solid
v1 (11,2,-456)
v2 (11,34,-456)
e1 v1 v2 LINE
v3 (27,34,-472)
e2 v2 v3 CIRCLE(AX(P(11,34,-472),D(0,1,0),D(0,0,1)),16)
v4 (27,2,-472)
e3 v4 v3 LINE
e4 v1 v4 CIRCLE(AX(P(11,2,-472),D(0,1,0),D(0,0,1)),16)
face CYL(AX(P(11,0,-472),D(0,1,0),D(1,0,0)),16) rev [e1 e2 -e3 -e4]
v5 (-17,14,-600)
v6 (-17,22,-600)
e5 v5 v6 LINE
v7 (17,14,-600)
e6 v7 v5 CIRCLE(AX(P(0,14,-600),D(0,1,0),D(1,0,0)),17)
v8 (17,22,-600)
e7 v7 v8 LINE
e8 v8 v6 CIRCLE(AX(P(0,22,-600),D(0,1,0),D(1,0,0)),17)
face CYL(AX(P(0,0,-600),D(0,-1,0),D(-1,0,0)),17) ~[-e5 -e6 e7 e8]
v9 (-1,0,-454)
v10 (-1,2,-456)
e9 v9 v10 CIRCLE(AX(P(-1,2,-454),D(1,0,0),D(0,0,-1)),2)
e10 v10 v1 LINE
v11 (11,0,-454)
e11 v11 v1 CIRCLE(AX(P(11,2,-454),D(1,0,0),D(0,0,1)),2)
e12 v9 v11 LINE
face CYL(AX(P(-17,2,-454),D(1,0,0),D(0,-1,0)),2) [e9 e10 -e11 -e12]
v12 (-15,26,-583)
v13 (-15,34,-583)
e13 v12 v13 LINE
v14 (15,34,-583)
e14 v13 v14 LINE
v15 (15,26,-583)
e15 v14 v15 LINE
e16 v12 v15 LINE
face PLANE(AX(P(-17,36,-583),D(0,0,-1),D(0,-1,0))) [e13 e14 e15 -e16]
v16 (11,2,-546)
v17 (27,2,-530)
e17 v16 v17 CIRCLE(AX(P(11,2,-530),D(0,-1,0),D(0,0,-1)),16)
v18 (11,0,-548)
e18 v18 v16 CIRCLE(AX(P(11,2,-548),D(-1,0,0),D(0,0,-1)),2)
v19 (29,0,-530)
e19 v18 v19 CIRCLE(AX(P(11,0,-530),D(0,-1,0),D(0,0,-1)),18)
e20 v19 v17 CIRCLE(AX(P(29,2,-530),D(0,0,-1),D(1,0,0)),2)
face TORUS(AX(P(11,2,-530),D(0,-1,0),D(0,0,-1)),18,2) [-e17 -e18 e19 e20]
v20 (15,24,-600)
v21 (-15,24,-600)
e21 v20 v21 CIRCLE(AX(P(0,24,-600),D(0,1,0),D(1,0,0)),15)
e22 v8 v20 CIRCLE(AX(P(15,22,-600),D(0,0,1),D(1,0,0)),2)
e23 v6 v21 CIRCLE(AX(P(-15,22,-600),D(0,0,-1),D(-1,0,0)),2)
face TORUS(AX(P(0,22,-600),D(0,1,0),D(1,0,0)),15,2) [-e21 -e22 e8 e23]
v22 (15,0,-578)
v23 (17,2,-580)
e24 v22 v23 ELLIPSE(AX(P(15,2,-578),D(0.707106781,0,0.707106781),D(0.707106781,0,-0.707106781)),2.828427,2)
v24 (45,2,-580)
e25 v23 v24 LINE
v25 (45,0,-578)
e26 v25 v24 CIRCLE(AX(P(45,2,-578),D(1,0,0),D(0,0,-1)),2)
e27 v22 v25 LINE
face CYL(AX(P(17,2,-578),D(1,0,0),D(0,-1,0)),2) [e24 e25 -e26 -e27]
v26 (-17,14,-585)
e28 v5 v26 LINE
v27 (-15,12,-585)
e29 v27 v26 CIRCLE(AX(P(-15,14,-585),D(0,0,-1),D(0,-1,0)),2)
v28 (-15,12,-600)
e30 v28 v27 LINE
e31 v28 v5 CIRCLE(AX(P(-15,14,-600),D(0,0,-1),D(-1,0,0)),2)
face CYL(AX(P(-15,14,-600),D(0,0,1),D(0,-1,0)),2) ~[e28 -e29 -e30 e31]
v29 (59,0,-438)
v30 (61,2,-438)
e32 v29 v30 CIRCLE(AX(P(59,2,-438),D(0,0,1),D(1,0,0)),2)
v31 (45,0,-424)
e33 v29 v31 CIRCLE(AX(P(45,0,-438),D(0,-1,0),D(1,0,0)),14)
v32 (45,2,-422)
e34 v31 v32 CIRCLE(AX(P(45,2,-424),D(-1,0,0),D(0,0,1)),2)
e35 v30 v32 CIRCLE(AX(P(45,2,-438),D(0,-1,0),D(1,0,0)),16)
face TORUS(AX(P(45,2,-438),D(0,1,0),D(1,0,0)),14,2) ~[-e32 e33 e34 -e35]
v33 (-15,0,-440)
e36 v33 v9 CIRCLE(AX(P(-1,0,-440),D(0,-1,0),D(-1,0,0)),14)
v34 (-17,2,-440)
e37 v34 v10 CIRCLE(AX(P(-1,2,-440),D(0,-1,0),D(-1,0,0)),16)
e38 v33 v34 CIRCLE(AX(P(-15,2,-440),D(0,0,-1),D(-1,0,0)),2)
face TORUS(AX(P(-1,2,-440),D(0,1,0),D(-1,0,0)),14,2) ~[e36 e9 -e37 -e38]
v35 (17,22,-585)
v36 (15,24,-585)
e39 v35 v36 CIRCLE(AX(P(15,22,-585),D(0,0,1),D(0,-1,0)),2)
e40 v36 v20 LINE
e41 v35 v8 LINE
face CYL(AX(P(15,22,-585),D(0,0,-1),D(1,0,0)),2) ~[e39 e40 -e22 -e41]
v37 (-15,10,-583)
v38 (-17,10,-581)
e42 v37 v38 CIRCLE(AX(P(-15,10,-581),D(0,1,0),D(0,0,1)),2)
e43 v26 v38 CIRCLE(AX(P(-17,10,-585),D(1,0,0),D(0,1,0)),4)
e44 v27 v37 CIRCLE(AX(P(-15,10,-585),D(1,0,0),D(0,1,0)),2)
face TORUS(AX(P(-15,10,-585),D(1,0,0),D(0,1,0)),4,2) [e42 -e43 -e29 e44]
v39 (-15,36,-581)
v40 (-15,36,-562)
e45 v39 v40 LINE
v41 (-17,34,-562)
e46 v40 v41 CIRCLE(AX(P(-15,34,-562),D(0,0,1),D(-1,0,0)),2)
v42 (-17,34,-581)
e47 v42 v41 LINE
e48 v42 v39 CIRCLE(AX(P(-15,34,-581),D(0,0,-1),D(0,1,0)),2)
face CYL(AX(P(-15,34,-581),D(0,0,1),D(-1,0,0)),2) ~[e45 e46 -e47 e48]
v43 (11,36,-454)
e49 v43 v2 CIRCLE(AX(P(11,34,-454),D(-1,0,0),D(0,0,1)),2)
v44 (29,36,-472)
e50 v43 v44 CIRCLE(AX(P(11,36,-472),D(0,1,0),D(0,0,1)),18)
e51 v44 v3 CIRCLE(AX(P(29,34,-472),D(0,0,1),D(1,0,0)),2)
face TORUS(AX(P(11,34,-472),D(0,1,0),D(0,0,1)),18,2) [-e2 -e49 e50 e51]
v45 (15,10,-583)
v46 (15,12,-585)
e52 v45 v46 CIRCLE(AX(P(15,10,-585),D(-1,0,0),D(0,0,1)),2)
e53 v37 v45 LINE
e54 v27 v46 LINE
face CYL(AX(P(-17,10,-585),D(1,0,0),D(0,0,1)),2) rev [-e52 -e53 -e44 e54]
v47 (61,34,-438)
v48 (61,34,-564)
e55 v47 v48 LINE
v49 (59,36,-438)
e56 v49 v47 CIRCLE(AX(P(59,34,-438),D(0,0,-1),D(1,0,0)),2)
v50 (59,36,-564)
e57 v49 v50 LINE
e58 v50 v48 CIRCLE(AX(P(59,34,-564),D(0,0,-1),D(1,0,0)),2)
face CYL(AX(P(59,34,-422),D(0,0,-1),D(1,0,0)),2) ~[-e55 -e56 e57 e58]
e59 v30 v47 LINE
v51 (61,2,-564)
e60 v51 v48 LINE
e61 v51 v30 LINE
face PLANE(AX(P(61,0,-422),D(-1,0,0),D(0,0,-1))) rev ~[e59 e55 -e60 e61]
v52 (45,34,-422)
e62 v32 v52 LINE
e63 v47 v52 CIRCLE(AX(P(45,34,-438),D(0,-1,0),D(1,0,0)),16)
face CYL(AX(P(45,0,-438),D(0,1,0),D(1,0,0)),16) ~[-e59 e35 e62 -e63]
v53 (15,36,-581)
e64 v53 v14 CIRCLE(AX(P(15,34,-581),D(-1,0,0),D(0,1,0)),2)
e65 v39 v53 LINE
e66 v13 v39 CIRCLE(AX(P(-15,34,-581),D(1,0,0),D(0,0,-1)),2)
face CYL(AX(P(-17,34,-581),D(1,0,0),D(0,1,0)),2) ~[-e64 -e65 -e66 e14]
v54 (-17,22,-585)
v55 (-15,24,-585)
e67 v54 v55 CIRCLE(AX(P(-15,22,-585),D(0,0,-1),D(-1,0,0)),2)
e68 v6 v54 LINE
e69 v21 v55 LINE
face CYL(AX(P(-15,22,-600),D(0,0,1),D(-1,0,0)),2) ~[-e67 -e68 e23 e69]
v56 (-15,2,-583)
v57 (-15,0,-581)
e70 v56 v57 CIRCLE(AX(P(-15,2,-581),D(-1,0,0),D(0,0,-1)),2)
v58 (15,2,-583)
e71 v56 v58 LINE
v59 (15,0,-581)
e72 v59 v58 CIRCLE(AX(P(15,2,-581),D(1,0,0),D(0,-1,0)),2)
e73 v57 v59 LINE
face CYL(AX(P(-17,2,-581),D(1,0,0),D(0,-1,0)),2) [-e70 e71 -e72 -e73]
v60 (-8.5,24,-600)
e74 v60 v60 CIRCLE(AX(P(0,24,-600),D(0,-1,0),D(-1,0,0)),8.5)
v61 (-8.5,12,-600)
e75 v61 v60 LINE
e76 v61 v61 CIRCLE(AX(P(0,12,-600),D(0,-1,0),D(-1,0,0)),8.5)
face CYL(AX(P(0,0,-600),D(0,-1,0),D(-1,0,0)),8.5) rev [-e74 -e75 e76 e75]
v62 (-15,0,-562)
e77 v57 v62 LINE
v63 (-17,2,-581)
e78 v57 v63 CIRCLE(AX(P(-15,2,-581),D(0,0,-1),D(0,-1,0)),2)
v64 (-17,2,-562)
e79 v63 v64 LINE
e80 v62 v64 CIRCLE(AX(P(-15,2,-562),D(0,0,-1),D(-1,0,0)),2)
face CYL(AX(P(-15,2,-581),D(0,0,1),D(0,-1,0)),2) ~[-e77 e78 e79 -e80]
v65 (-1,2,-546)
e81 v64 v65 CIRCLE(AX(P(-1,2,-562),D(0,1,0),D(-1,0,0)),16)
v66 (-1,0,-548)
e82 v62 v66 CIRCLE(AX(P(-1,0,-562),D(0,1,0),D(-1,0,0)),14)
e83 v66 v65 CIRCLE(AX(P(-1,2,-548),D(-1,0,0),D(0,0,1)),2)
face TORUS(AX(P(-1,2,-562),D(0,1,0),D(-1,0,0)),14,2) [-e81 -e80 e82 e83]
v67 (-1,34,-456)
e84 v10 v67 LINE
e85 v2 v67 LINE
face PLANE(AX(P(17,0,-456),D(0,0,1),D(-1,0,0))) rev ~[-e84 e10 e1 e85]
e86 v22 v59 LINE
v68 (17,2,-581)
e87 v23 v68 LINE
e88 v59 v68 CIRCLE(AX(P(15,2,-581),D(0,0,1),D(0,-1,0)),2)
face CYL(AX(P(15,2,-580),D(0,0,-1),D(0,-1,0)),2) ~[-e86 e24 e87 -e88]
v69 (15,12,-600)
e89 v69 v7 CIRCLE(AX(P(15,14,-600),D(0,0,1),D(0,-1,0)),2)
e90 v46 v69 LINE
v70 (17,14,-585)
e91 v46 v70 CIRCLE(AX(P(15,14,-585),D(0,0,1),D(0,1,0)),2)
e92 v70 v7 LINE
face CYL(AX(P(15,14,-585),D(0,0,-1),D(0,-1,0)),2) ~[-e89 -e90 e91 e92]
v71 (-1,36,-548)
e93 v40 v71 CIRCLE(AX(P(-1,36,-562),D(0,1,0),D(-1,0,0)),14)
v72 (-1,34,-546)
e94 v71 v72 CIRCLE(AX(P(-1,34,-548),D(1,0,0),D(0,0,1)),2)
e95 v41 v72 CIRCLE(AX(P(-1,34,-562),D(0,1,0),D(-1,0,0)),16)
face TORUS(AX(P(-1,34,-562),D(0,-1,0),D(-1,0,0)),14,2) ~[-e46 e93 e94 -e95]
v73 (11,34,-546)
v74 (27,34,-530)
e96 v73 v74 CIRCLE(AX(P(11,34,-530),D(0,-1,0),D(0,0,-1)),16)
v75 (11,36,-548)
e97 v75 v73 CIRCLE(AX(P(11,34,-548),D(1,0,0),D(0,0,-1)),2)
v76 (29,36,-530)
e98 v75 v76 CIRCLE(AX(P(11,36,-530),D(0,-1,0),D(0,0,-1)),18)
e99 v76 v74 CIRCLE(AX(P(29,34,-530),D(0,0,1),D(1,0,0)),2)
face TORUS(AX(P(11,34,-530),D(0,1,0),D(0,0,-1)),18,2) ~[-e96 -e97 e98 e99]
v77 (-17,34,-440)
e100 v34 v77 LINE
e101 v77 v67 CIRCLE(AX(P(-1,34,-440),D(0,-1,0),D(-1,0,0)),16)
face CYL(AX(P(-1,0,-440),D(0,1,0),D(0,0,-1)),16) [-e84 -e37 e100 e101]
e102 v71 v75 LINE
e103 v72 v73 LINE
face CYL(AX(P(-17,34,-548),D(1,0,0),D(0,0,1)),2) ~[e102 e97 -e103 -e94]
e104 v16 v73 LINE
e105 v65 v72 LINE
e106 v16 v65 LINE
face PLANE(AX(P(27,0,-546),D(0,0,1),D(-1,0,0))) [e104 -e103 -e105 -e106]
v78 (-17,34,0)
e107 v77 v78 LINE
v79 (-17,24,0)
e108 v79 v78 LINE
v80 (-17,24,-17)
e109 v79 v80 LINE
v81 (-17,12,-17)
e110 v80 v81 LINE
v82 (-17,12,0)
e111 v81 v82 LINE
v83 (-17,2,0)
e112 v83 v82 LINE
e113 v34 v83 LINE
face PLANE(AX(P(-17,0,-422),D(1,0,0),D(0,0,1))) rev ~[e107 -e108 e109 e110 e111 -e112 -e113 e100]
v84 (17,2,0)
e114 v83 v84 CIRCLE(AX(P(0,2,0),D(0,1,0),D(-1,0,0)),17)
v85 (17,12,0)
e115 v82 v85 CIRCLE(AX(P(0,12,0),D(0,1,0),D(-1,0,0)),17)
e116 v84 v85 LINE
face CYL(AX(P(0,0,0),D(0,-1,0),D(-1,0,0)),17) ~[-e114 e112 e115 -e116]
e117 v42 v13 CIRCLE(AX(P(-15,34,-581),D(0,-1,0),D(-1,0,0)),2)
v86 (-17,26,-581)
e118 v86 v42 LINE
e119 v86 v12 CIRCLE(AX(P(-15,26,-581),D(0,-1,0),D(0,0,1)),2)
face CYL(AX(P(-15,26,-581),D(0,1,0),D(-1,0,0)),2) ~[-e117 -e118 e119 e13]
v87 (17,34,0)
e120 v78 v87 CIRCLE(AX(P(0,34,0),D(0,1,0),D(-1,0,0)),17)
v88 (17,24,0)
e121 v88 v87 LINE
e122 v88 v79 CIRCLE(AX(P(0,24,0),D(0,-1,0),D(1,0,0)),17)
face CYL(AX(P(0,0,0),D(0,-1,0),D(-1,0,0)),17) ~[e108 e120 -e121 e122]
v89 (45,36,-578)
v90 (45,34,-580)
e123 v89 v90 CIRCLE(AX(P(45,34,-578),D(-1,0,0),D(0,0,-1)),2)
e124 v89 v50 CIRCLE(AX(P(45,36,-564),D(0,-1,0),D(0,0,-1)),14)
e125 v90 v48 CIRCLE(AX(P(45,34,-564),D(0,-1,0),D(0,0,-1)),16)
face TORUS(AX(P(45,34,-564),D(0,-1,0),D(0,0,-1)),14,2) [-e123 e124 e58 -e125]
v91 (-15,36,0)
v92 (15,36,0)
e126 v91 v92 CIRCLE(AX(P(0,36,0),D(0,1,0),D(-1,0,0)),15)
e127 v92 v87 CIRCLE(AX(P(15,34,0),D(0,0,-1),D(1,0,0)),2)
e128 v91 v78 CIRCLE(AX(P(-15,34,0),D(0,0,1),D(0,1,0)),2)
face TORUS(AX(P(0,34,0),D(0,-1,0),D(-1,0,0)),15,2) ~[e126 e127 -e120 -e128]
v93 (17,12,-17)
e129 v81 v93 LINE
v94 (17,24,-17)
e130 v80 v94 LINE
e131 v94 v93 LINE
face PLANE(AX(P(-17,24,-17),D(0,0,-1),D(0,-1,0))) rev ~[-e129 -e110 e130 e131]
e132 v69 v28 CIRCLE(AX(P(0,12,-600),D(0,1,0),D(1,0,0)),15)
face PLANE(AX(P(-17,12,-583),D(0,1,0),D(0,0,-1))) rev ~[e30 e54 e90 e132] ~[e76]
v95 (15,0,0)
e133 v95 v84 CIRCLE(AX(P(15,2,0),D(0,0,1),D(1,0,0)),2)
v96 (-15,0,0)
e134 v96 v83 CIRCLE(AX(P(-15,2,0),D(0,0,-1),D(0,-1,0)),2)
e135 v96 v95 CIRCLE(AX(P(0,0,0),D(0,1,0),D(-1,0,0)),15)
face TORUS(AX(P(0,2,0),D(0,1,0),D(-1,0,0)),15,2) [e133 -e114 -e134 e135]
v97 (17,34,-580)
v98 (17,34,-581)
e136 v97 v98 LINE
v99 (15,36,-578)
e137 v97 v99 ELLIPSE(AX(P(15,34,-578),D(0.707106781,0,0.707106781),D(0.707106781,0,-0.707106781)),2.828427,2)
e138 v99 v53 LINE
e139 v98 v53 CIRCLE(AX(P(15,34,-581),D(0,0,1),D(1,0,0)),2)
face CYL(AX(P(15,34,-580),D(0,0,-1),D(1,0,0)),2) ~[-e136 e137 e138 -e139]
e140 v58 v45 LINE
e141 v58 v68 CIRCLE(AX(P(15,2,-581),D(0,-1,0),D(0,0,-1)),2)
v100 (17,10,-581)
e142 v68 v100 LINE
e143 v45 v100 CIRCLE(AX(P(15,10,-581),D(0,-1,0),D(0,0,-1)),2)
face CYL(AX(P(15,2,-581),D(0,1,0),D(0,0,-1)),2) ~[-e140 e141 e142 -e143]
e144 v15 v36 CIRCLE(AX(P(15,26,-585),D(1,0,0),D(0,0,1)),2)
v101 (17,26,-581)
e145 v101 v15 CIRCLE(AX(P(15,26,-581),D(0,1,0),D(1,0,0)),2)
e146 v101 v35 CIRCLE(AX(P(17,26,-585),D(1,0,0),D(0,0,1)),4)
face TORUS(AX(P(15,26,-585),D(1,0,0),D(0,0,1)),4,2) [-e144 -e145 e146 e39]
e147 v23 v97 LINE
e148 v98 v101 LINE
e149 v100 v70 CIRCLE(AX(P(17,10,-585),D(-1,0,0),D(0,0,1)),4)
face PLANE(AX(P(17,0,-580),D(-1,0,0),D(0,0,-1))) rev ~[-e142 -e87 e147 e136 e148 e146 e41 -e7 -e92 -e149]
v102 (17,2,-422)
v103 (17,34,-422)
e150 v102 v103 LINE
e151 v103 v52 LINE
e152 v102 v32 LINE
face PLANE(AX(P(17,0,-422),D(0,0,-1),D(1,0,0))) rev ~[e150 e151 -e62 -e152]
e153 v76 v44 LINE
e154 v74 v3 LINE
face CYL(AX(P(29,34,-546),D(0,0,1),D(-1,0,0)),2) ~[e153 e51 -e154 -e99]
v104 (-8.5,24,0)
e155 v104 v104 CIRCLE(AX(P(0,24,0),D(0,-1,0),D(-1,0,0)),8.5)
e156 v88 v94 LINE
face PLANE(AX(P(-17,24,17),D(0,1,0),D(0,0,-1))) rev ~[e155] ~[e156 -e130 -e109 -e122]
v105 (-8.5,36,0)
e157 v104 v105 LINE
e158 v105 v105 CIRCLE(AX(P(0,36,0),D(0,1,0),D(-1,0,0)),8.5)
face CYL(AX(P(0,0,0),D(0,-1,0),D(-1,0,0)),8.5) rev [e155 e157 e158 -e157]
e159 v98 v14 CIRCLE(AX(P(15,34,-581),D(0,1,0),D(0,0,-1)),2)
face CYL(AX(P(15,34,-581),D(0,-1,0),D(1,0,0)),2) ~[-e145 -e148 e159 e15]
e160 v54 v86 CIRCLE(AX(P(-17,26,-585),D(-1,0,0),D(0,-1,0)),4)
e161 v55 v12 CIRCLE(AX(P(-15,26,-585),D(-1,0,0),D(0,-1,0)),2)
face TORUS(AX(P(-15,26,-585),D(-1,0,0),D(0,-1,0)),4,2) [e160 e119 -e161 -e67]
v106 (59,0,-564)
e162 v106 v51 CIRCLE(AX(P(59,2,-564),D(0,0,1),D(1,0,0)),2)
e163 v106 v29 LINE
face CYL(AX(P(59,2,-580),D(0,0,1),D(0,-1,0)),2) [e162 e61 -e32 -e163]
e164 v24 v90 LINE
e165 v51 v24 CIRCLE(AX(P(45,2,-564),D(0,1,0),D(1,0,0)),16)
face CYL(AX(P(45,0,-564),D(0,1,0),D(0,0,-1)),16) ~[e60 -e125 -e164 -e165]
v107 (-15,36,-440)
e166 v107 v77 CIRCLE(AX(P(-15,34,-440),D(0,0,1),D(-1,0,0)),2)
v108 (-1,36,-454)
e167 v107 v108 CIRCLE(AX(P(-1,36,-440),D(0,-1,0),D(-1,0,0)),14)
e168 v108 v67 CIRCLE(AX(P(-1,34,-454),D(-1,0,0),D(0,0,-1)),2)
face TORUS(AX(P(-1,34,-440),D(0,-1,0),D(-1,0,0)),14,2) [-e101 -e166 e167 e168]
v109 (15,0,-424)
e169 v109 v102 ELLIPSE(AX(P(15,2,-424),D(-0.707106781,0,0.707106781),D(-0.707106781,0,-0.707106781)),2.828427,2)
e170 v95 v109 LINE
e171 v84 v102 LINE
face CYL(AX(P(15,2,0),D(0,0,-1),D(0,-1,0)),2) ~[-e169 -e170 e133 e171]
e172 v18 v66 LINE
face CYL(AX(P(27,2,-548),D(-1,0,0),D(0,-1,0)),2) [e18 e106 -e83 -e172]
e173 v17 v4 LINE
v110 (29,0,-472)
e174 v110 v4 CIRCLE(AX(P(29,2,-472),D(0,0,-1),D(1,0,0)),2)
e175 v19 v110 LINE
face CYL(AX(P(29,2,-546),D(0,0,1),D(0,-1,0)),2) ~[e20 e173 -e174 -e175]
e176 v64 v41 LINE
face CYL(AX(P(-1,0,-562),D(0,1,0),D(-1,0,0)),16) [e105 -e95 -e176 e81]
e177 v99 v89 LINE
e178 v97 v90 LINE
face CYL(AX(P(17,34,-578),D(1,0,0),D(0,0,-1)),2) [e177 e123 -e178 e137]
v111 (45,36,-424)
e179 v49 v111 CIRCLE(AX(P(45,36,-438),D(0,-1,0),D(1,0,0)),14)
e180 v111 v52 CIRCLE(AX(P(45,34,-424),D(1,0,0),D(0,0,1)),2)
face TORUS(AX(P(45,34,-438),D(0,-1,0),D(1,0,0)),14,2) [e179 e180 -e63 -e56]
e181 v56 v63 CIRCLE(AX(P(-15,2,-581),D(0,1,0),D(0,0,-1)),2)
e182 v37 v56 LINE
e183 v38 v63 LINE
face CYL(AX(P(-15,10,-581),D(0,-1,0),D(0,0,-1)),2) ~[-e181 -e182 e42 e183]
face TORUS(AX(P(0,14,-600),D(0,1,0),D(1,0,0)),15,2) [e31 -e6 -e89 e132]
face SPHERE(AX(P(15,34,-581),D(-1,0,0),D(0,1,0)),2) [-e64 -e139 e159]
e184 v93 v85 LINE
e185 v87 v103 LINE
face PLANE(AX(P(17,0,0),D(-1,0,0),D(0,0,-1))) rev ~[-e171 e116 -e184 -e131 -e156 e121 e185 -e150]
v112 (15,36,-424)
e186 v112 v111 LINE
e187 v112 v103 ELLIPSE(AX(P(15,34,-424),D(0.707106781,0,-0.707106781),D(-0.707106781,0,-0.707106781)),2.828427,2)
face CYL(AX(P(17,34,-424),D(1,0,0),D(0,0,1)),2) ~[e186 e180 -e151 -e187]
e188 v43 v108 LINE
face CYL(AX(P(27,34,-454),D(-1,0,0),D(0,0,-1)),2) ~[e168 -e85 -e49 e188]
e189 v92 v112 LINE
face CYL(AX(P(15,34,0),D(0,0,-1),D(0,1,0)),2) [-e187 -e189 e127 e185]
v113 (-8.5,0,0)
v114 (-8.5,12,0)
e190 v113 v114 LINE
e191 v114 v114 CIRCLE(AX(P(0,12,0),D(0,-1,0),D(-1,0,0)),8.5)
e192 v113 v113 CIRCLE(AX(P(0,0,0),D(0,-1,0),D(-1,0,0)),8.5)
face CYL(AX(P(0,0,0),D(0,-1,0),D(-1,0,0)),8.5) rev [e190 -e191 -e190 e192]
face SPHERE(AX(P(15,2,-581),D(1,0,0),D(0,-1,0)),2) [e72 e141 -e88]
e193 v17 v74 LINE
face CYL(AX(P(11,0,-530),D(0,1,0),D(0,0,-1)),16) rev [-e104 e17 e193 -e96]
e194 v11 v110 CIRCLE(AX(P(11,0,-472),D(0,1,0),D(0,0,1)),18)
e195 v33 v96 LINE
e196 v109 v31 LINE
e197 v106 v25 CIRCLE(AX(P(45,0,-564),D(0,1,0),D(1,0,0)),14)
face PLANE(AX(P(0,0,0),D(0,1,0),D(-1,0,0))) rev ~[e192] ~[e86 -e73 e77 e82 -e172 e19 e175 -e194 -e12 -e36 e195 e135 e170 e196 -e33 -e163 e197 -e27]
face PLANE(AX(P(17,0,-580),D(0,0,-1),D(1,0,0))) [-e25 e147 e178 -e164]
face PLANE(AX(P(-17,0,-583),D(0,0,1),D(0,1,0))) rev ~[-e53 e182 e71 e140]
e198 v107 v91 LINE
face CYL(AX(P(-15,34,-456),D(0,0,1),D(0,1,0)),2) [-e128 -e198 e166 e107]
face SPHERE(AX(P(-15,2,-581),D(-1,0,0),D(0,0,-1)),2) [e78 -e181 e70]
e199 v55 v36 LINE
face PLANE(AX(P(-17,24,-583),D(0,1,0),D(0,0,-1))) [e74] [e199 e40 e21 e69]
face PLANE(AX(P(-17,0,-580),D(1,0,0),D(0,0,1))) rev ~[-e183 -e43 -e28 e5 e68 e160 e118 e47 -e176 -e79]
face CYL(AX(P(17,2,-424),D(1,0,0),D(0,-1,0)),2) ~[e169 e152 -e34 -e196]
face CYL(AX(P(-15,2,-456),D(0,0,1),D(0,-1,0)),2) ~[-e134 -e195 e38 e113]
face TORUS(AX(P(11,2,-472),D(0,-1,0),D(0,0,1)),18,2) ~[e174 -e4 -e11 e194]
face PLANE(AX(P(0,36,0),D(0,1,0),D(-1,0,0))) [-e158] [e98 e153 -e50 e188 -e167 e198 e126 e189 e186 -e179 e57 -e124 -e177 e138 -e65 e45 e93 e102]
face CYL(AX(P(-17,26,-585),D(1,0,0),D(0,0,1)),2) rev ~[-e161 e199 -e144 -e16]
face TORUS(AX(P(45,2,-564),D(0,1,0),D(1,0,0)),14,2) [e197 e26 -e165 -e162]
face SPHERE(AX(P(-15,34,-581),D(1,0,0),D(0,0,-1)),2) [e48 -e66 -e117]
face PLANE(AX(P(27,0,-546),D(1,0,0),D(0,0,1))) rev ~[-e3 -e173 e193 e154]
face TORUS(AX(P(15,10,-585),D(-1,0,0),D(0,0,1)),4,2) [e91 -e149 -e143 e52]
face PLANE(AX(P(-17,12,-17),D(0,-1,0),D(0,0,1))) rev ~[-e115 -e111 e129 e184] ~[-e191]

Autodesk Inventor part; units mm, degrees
ref_plane "YZ Plane" through (0, 0, 0) normal (1, 0, 0) x (0, 1, 0)
ref_plane "XZ Plane" through (0, 0, 0) normal (0, 1, 0) x (-1, 0, 0)
ref_plane "XY Plane" through (0, 0, 0) normal (0, 0, 1) x (1, 0, 0)
sketch "Sketch4" plane through (0, 0, 0) normal (0, 1, 0) x (-1, 0, 0)
  circle A0 centre (0, 0) radius 8.5
  circle A1 centre (0, 0) radius 17
  line L0 (-17, -600) -> (17, -600)
  line L1 (17, -600) -> (17, 0)
  line L2 (17, 0) -> (-17, 0)
  line L3 (-17, 0) -> (-17, -600)
  line L4 (-17, -600) -> (17, 0) construction
  line L5 (17, -600) -> (-17, 0) construction
  circle A2 centre (0, -600) radius 17
  circle A3 centre (0, -600) radius 8.5
  line L6 (17, -422) -> (-61, -422)
  line L7 (-61, -422) -> (-61, -456)
  line L8 (-61, -456) -> (17, -456)
  line L9 (17, -456) -> (17, -422)
  line L10 (17, -580) -> (-61, -580)
  line L11 (-61, -580) -> (-61, -546)
  line L12 (-61, -546) -> (17, -546)
  line L13 (17, -546) -> (17, -580)
  line L14 (-61, -546) -> (-27, -546)
  line L15 (-27, -546) -> (-27, -456)
  line L16 (-27, -456) -> (-61, -456)
  line L17 (-61, -456) -> (-61, -546)
  point P0 (0, -300)
  point P1 (-17, 0)
  point P2 (17, -546)
  point P3 (17, -456)
  point P4 (-17, -422)
  point P5 (-17, -580)
  dimension "d14" = 34
  dimension "d13" = 17
  dimension "d15" = 600
  dimension "d24" = 20
  dimension "d25" = 34
  dimension "d26" = 90
  dimension "d27" = 10
extrude "Extrusion4" add sketch "Sketch4" along normal blind 36 contours L2 A1 A0 | A0 L2 A1 | L1 L6 L3 A1 | L1 L8 L3 L6 | L3 L8 L7 L6 | L1 L10 L3 L12 | L3 L10 L11 L12 | L15 L12 L17 L8 | L1 A2 L3 L10 | A2 L0 A3 | L0 A3 A2
sketch "Sketch5" plane through (-17, 0, -600) normal (-1, 0, 0) x (0, 0, 1)
  line L0 (617, 0) -> (617, 36) projected
  line L1 (617, 24) -> (583, 24)
  line L2 (583, 24) -> (583, 12)
  line L3 (583, 12) -> (617, 12)
  line L4 (617, 12) -> (617, 24)
  line L5 (0, 36) -> (600, 36) projected
  line L6 (-17, 36) -> (17, 36)
  line L7 (17, 36) -> (17, 24)
  line L8 (17, 24) -> (-17, 24)
  line L9 (-17, 24) -> (-17, 36)
  line L10 (17, 24) -> (-17, 36) construction
  line L11 (-17, 24) -> (17, 36) construction
  line L12 (-17, 0) -> (-17, 36) projected
  line L13 (17, 12) -> (-17, 12)
  line L14 (-17, 12) -> (-17, 0)
  line L15 (-17, 0) -> (17, 0)
  line L16 (17, 0) -> (17, 12)
  line L17 (17, 12) -> (-17, 0) construction
  line L18 (-17, 12) -> (17, 0) construction
  line L19 (0, 0) -> (600, 0) projected
  point P0 (600, 24)
  point P1 (0, 30)
  point P2 (0, 6)
  dimension "d18" = 12
  dimension "d19" = 12
extrude "Extrusion5" cut sketch "Sketch5" against normal through all
fillet "Fillet1" radius 2 4 edges at (0, 36, -583) (0, 0, -583) (0, 24, -583) (0, 12, -583)
fillet "Fillet2" radius 2 41 edges at (0, 0, 17) (17, 0, -580.5) (17, 0, -211) (17, 0.5858, -582.4142) (17, 6, -583) (17, 11.4142, -583.5858) (17, 12, -592.5) (0, 12, -617) (-17, 12, -592.5) (-17, 11.4142, -583.5858) (-17, 6, -583) (-17, 0.5858, -582.4142) (-17, 0, -563.5) (-17, 0, -228) (0, 36, 17) (17, 36, -580.5) (17, 36, -211) (17, 35.4142, -582.4142) (17, 30, -583) (17, 24.5858, -583.5858) (17, 24, -592.5) (12.0242, 24, -612.0174) (-12.0242, 24, -612.0174) (-17, 24, -592.5) (-17, 24.5858, -583.5858) (-17, 30, -583) (-17, 35.4142, -582.4142) (-17, 36, -563.5) (-17, 36, -228) (61, 0, -501) (39, 0, -422) (39, 0, -580) (39, 36, -580) (61, 36, -501) (39, 36, -422) (5, 36, -456) (5, 0, -456) (5, 36, -546) (5, 0, -546) (27, 36, -501) (27, 0, -501)
fillet "Fillet2" radius 16 6 edges at (-17, 18, -546) (27, 18, -546) (27, 18, -456) (-17, 18, -456) (61, 18, -422) (61, 18, -580)
properties part number "Support"
